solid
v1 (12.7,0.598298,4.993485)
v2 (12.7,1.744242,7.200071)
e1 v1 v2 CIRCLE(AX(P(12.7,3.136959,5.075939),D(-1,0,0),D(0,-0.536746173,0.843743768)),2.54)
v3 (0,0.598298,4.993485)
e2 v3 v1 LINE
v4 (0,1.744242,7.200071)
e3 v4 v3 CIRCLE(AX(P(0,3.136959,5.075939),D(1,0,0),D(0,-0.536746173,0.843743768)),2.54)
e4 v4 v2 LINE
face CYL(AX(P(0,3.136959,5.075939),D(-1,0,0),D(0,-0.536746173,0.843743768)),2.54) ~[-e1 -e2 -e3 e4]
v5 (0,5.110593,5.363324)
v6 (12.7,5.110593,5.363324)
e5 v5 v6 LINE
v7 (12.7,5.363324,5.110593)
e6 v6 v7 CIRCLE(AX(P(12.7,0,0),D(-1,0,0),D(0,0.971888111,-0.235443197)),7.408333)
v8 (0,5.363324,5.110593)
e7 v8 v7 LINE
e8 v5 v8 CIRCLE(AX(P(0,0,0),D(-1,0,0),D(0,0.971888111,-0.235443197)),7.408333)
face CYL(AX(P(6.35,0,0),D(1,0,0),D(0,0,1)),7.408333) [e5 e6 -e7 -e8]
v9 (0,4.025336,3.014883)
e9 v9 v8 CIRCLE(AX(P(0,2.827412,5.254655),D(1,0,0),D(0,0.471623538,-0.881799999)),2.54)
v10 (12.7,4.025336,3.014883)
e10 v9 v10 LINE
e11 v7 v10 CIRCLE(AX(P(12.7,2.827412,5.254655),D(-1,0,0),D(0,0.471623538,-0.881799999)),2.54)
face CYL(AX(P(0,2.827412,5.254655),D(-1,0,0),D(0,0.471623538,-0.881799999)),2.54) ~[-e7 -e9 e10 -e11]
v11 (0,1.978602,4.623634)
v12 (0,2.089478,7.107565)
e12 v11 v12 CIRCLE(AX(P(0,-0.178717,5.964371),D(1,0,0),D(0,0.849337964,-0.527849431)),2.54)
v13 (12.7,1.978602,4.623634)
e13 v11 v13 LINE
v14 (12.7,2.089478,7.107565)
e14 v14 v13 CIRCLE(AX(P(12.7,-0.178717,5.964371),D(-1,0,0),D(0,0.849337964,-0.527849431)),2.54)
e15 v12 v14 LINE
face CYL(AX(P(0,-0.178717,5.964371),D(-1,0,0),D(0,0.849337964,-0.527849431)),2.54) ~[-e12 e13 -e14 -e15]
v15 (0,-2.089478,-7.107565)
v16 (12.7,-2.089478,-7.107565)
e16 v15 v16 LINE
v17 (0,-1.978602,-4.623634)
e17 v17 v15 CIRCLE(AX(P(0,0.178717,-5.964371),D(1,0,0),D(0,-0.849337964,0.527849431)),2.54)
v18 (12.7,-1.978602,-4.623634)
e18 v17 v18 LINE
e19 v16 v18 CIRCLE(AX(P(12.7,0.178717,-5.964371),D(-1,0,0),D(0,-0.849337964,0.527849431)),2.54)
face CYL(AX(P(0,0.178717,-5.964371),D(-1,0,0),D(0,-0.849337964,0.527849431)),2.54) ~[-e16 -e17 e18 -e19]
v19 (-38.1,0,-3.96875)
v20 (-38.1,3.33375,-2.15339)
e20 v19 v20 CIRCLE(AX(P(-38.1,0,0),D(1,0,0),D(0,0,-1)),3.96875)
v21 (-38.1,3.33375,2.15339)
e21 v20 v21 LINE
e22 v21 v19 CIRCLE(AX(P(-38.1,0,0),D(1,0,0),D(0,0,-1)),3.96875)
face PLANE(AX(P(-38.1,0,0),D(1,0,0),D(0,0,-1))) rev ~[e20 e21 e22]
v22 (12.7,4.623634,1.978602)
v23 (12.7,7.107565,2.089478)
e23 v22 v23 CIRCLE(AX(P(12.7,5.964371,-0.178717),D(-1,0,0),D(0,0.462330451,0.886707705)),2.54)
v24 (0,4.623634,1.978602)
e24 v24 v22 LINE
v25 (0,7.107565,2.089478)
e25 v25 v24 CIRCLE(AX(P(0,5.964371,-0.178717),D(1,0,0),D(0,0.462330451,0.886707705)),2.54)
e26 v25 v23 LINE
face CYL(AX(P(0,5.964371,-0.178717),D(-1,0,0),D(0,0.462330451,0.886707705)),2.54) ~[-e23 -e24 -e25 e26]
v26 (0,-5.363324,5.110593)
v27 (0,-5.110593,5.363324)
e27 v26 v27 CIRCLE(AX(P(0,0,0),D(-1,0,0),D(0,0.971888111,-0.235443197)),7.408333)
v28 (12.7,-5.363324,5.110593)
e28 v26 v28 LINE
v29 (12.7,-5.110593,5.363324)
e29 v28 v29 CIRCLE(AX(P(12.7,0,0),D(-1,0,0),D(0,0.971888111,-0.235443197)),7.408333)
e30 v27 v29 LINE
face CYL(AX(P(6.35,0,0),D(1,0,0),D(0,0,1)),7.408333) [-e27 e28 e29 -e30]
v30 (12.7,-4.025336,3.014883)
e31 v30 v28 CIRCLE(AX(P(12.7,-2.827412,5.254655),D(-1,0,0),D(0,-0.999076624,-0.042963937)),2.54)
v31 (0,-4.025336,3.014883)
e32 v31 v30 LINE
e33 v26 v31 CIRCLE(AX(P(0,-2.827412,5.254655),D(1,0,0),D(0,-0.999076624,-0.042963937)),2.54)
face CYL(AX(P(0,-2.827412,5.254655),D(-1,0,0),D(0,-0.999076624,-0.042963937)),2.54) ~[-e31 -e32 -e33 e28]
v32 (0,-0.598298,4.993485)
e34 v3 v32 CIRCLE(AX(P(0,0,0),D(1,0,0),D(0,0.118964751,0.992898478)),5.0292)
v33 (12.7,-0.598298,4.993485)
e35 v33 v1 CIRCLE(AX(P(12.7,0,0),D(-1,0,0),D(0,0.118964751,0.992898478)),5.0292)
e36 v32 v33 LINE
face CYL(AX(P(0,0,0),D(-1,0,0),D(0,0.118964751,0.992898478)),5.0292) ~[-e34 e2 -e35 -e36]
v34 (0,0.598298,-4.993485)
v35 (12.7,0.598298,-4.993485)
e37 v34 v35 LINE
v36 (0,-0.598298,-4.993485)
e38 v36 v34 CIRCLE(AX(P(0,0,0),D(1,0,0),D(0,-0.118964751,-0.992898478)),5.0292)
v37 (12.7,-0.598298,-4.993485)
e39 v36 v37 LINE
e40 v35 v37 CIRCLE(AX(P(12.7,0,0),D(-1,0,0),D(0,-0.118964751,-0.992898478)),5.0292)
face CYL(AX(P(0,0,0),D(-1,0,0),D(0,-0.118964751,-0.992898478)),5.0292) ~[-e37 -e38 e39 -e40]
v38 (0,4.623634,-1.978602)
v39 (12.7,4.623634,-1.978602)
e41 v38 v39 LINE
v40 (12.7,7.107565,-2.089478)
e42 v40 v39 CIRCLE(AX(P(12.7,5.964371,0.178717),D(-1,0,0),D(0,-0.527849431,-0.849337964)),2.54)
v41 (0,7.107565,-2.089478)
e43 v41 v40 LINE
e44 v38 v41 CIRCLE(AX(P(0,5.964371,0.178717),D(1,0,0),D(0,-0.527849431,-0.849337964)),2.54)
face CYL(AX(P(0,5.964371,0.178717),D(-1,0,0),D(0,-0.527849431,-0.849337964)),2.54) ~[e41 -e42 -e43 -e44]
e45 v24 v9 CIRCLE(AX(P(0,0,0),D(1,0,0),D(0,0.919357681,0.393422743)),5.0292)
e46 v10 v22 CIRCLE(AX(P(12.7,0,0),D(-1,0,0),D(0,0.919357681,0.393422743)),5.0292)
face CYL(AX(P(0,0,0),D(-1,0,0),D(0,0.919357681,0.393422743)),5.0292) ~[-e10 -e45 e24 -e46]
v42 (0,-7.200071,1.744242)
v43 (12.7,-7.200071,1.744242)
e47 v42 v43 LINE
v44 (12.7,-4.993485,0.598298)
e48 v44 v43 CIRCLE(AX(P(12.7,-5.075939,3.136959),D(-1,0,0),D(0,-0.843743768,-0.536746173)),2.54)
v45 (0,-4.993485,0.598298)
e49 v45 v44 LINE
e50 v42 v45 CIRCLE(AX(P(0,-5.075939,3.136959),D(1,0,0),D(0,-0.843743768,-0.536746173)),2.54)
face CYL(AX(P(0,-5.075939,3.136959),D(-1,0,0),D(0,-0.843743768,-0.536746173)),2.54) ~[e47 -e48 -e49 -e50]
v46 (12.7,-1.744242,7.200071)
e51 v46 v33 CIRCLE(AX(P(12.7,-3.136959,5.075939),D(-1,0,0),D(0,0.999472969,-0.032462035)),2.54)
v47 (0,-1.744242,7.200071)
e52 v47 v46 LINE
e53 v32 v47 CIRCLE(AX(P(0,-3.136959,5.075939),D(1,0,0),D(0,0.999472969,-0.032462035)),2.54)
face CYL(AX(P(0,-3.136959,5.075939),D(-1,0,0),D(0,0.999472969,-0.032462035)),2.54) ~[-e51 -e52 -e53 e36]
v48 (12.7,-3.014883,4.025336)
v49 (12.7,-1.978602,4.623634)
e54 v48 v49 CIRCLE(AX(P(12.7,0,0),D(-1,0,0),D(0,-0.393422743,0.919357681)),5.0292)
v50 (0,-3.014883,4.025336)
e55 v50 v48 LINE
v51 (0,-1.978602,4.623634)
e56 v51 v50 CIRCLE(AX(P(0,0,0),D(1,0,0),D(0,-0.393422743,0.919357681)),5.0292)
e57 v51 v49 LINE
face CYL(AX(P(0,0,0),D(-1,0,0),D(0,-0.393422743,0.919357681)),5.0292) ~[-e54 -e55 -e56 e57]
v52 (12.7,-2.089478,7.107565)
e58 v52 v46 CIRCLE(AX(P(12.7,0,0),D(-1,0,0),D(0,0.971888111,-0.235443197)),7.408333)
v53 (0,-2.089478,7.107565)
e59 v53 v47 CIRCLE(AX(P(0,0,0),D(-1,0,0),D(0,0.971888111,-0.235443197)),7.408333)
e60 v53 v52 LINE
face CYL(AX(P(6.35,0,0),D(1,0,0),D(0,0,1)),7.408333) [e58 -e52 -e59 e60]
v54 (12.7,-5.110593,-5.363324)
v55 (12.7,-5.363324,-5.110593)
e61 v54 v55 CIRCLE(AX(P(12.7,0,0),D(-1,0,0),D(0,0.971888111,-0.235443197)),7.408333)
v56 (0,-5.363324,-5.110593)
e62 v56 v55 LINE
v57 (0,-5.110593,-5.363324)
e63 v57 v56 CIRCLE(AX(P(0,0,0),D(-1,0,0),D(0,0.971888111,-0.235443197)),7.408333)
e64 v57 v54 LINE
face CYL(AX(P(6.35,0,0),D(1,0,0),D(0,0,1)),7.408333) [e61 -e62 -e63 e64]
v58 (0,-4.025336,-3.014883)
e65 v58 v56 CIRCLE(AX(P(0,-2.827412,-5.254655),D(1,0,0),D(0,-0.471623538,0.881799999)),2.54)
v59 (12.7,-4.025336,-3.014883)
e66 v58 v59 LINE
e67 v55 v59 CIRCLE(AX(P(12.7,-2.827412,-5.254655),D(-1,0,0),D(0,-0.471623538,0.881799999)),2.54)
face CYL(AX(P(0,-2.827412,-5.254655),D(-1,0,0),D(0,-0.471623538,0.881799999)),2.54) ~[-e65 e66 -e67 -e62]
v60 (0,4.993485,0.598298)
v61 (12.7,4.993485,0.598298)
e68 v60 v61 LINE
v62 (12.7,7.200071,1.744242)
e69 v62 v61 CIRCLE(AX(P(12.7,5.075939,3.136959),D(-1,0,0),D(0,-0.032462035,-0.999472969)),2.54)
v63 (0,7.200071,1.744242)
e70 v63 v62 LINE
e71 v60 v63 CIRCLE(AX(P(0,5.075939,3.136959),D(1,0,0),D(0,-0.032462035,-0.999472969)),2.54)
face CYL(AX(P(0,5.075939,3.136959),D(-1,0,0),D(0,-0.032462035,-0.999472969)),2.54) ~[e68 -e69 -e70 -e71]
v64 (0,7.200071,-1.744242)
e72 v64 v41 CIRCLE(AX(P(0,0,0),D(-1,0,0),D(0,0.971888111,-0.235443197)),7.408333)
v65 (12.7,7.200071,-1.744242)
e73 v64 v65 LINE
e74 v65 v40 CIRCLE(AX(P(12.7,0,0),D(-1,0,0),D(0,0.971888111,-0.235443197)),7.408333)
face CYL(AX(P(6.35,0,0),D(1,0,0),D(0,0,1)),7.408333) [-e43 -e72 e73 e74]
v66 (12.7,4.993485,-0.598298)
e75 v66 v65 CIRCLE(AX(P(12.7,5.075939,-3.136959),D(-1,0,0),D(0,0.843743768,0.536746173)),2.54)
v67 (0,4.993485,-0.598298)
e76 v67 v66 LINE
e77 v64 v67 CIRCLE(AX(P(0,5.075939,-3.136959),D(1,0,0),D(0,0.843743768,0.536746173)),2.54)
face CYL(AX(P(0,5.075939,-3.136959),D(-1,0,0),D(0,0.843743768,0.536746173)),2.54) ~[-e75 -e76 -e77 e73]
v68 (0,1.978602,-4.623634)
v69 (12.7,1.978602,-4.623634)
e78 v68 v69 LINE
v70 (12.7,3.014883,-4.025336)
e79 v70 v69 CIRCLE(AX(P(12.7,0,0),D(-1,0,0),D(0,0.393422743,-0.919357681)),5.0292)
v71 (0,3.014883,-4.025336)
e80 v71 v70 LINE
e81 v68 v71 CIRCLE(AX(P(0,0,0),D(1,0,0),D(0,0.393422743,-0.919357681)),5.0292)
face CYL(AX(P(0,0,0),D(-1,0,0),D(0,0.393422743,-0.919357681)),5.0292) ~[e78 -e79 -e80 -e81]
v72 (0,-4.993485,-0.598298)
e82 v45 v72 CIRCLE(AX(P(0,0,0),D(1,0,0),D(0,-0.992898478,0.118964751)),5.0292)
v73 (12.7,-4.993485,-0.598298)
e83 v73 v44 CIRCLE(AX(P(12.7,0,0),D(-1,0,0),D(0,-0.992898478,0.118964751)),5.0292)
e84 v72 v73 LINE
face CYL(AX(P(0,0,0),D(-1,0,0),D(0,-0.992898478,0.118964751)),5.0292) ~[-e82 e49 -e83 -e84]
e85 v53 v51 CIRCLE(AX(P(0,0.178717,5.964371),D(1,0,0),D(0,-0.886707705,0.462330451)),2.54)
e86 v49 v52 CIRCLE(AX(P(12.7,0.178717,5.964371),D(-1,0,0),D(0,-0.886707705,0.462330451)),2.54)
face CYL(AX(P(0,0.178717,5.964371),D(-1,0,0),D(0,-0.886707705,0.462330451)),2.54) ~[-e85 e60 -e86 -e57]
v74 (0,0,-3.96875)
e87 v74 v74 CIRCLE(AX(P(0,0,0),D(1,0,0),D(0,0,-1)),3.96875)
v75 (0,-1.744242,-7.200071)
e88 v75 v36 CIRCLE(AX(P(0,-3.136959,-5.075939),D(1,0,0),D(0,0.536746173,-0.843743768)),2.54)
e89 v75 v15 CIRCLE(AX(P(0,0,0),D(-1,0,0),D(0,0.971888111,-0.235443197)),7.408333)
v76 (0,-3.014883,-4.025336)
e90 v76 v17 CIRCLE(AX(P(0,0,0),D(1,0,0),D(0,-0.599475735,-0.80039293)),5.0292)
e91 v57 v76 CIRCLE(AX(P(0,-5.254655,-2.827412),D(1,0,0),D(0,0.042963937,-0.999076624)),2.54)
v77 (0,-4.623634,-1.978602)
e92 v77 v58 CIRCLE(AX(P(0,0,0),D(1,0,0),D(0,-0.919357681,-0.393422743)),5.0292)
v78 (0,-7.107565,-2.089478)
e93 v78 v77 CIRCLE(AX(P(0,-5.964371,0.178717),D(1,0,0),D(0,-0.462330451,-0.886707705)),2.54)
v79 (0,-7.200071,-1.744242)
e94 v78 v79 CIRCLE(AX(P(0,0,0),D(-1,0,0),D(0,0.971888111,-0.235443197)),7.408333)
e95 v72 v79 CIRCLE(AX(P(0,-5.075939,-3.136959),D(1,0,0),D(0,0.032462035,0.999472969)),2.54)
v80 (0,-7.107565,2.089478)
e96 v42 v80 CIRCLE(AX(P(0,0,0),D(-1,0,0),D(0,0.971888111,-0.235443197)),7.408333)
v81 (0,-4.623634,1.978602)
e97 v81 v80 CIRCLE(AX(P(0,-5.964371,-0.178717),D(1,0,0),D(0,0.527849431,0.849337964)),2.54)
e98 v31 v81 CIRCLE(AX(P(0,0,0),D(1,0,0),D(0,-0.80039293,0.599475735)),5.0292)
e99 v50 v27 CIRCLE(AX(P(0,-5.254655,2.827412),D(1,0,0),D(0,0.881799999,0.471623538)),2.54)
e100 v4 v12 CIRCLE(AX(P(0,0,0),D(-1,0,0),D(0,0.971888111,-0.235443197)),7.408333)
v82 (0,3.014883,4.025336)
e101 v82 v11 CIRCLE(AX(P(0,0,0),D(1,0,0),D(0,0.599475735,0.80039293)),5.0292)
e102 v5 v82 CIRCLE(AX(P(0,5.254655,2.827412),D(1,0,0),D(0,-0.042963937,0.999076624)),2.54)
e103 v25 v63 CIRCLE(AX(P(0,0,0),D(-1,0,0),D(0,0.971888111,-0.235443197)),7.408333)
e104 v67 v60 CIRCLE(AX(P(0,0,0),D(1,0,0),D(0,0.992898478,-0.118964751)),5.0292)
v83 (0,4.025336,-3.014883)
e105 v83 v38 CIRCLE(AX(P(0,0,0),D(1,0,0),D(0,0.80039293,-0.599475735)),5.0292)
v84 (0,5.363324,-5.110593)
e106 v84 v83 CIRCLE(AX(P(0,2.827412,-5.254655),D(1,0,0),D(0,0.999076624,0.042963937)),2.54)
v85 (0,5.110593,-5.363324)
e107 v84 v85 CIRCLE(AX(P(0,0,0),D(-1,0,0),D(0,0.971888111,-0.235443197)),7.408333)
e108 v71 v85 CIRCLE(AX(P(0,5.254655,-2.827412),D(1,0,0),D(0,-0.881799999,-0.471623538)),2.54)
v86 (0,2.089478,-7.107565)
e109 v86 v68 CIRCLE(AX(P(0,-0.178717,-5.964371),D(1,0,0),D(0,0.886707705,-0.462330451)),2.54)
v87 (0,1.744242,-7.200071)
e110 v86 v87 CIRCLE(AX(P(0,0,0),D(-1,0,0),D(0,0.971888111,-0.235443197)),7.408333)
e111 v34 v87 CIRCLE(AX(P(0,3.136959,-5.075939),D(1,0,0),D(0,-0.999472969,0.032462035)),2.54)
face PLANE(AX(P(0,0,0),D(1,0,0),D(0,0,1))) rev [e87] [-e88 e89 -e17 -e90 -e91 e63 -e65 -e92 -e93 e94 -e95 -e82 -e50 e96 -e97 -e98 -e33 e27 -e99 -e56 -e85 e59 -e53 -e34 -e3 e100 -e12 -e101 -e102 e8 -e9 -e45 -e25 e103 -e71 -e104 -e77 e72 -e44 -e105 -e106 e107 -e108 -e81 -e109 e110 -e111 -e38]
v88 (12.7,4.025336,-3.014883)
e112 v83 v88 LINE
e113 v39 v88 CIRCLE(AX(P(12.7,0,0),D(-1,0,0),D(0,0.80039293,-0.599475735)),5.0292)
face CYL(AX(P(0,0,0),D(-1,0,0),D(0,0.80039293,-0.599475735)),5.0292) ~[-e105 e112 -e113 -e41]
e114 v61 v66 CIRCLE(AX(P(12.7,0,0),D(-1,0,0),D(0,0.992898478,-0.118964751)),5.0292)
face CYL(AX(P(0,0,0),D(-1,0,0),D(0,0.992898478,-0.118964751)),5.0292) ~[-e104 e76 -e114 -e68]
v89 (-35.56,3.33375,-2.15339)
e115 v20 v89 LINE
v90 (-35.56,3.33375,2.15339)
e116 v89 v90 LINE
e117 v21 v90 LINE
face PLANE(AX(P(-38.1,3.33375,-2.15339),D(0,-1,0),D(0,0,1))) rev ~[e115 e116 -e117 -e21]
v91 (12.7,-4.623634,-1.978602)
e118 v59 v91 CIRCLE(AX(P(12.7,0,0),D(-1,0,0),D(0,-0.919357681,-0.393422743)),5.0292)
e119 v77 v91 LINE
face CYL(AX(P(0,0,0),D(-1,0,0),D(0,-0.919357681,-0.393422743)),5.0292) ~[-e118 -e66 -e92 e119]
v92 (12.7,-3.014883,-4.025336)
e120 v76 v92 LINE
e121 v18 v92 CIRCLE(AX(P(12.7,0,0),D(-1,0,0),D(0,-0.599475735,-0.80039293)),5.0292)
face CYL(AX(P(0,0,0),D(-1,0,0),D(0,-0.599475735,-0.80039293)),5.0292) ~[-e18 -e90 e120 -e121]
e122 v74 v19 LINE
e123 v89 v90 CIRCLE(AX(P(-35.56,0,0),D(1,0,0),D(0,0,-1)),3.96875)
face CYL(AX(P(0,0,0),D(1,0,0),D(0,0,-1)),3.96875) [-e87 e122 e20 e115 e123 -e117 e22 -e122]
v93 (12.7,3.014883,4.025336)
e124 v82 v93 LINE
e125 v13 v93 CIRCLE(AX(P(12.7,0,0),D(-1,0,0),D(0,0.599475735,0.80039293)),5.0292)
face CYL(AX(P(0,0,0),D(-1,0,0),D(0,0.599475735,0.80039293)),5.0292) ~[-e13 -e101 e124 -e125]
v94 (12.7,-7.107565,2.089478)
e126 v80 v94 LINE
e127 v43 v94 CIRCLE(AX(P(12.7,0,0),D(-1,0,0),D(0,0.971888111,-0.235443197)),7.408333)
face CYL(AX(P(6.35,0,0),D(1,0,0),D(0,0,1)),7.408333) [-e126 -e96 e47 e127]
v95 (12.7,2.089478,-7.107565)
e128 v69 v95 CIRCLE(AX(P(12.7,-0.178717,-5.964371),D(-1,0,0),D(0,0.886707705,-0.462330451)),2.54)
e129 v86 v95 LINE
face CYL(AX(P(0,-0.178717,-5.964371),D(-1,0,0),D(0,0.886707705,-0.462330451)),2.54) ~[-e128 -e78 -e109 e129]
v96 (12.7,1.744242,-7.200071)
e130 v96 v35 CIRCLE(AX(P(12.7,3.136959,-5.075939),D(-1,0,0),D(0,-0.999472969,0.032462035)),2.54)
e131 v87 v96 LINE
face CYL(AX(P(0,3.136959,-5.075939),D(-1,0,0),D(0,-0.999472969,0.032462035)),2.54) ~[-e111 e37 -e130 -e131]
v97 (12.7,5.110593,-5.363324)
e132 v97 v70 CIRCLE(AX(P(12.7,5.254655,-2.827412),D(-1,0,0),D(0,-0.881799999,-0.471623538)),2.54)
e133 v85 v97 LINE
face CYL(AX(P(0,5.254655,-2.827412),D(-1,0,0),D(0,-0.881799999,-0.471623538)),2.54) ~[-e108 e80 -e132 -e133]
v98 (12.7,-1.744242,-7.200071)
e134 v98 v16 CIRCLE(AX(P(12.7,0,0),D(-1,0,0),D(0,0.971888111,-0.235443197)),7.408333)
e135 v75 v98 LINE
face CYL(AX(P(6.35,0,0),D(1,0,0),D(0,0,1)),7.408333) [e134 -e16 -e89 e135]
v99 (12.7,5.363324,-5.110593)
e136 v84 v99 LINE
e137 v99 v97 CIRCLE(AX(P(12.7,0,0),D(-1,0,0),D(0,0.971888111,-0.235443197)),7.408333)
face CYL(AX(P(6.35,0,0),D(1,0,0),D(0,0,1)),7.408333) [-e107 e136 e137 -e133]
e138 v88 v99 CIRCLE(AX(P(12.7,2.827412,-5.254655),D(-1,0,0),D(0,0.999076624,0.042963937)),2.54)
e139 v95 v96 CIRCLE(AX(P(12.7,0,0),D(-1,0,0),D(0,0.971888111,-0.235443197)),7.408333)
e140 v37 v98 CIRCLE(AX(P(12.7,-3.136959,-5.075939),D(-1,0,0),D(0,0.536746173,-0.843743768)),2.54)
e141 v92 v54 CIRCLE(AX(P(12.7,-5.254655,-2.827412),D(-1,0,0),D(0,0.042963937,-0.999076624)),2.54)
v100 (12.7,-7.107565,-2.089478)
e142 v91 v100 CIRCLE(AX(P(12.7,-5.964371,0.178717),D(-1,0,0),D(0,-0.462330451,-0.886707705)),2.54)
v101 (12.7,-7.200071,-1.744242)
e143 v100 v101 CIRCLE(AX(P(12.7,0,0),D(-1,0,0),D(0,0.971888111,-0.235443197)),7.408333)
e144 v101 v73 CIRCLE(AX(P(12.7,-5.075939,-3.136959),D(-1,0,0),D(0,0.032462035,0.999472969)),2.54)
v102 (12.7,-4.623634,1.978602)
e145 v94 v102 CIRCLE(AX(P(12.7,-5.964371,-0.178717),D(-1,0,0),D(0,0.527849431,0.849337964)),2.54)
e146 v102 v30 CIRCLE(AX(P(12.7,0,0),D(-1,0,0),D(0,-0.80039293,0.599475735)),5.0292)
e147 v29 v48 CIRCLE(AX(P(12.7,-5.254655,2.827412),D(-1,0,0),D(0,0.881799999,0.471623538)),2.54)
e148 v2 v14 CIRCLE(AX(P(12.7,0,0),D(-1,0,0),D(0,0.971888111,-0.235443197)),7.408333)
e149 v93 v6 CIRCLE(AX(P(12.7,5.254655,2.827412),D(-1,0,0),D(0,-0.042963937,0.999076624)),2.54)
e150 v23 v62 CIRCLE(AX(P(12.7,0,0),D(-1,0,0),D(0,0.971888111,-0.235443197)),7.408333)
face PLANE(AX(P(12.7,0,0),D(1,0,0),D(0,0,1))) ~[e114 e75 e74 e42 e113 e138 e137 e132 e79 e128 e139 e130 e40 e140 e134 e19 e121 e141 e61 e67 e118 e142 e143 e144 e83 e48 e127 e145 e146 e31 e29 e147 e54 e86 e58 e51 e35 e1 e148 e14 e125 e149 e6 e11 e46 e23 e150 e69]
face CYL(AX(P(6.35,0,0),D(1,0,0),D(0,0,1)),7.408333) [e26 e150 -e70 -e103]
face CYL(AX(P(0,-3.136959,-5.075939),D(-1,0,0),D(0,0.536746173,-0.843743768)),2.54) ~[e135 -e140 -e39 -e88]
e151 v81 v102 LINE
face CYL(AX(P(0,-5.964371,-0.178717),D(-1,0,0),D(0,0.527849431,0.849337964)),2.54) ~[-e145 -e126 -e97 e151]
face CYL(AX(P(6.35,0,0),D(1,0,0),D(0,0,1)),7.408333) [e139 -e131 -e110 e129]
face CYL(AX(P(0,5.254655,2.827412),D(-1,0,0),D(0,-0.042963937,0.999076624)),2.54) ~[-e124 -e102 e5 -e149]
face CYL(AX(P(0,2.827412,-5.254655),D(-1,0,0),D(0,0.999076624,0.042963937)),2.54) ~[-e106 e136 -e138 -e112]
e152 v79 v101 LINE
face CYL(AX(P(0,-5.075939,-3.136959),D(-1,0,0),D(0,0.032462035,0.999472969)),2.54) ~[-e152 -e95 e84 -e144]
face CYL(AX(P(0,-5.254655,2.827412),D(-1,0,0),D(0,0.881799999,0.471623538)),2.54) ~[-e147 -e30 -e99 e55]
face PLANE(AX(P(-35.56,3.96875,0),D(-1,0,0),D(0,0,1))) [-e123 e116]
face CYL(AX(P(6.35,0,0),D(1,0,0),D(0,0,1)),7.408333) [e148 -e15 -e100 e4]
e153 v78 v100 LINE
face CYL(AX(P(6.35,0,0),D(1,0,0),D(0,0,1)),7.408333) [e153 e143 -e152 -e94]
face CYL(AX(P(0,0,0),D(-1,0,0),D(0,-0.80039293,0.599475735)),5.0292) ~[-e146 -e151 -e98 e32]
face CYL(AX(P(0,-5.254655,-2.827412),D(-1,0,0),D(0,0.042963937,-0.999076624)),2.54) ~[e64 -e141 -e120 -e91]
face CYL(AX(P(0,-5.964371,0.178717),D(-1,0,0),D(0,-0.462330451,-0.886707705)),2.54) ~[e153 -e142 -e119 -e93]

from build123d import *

# Parameters (mm, degrees)
BASPROSKE_W         = 12.7
BASPROSKE_H         = 7.408333333
TOOTHCUT_DEPTH      = 17.463802889
TEETHCUTS_COUNT     = 12
TEETHCUTS_ANGLE     = 330
BORSKE_R            = 3.96875
BOSS_EXTRUDE1_DEPTH = 38.1
SKETCH2_W           = 4.30677954
SKETCH2_H           = 1.27
CUT_EXTRUDE1_DEPTH  = 2.54


with BuildPart() as part:
    # BasProSke → Base-Revolve (revolve)
    with BuildSketch(Plane(origin=(0, 0, 0), x_dir=(1, 0, 0), z_dir=(0, 1, 0)), mode=Mode.PRIVATE) as base_revolve_sk:
        with Locations((6.35, 3.704166667)):
            Rectangle(BASPROSKE_W, BASPROSKE_H)
    revolve(base_revolve_sk.sketch.rotate(Axis((-10, 0, 0), (1, 0, 0)), 180), axis=Axis((-10, 0, 0), (1, 0, 0)))

    # TooCutSke → ToothCut (cut, through all)
    with BuildSketch(Plane(origin=(0, 0, 0), x_dir=(0, 0, -1), z_dir=(1, 0, 0))):
        with BuildLine():
            ThreePointArc((0.598297521, 4.993485027), (0, 5.0292), (-0.598297521, 4.993485027))
            ThreePointArc((-0.598297521, 4.993485027), (-0.89092307, 6.262076537), (-1.773623584, 7.219047766))
            ThreePointArc((-1.773623584, 7.219047766), (0, 7.433733333), (1.773623584, 7.219047766))
            ThreePointArc((1.773623584, 7.219047766), (0.89092307, 6.262076537), (0.598297521, 4.993485027))
        make_face()
    toothcut = extrude(amount=TOOTHCUT_DEPTH, mode=Mode.SUBTRACT)

    # TeethCuts: ToothCut ×12 about axis
    teethcuts_axis = Axis((-10, 0, 0), (1, 0, 0))
    for i in range(1, TEETHCUTS_COUNT):
        add(toothcut.rotate(teethcuts_axis, i * TEETHCUTS_ANGLE / (TEETHCUTS_COUNT - 1)), mode=Mode.SUBTRACT)

    # BorSke → Boss-Extrude1 (add)
    with BuildSketch(Plane(origin=(0, 0, 0), x_dir=(0, 0, -1), z_dir=(1, 0, 0))):
        Circle(BORSKE_R)
    extrude(amount=-BOSS_EXTRUDE1_DEPTH)

    # Sketch2 → Cut-Extrude1 (cut)
    with BuildSketch(Plane.ZY.offset(38.1)):
        with Locations((0, 3.96875)):
            Rectangle(SKETCH2_W, SKETCH2_H)
    extrude(amount=-CUT_EXTRUDE1_DEPTH, mode=Mode.SUBTRACT)


solid = part.part
